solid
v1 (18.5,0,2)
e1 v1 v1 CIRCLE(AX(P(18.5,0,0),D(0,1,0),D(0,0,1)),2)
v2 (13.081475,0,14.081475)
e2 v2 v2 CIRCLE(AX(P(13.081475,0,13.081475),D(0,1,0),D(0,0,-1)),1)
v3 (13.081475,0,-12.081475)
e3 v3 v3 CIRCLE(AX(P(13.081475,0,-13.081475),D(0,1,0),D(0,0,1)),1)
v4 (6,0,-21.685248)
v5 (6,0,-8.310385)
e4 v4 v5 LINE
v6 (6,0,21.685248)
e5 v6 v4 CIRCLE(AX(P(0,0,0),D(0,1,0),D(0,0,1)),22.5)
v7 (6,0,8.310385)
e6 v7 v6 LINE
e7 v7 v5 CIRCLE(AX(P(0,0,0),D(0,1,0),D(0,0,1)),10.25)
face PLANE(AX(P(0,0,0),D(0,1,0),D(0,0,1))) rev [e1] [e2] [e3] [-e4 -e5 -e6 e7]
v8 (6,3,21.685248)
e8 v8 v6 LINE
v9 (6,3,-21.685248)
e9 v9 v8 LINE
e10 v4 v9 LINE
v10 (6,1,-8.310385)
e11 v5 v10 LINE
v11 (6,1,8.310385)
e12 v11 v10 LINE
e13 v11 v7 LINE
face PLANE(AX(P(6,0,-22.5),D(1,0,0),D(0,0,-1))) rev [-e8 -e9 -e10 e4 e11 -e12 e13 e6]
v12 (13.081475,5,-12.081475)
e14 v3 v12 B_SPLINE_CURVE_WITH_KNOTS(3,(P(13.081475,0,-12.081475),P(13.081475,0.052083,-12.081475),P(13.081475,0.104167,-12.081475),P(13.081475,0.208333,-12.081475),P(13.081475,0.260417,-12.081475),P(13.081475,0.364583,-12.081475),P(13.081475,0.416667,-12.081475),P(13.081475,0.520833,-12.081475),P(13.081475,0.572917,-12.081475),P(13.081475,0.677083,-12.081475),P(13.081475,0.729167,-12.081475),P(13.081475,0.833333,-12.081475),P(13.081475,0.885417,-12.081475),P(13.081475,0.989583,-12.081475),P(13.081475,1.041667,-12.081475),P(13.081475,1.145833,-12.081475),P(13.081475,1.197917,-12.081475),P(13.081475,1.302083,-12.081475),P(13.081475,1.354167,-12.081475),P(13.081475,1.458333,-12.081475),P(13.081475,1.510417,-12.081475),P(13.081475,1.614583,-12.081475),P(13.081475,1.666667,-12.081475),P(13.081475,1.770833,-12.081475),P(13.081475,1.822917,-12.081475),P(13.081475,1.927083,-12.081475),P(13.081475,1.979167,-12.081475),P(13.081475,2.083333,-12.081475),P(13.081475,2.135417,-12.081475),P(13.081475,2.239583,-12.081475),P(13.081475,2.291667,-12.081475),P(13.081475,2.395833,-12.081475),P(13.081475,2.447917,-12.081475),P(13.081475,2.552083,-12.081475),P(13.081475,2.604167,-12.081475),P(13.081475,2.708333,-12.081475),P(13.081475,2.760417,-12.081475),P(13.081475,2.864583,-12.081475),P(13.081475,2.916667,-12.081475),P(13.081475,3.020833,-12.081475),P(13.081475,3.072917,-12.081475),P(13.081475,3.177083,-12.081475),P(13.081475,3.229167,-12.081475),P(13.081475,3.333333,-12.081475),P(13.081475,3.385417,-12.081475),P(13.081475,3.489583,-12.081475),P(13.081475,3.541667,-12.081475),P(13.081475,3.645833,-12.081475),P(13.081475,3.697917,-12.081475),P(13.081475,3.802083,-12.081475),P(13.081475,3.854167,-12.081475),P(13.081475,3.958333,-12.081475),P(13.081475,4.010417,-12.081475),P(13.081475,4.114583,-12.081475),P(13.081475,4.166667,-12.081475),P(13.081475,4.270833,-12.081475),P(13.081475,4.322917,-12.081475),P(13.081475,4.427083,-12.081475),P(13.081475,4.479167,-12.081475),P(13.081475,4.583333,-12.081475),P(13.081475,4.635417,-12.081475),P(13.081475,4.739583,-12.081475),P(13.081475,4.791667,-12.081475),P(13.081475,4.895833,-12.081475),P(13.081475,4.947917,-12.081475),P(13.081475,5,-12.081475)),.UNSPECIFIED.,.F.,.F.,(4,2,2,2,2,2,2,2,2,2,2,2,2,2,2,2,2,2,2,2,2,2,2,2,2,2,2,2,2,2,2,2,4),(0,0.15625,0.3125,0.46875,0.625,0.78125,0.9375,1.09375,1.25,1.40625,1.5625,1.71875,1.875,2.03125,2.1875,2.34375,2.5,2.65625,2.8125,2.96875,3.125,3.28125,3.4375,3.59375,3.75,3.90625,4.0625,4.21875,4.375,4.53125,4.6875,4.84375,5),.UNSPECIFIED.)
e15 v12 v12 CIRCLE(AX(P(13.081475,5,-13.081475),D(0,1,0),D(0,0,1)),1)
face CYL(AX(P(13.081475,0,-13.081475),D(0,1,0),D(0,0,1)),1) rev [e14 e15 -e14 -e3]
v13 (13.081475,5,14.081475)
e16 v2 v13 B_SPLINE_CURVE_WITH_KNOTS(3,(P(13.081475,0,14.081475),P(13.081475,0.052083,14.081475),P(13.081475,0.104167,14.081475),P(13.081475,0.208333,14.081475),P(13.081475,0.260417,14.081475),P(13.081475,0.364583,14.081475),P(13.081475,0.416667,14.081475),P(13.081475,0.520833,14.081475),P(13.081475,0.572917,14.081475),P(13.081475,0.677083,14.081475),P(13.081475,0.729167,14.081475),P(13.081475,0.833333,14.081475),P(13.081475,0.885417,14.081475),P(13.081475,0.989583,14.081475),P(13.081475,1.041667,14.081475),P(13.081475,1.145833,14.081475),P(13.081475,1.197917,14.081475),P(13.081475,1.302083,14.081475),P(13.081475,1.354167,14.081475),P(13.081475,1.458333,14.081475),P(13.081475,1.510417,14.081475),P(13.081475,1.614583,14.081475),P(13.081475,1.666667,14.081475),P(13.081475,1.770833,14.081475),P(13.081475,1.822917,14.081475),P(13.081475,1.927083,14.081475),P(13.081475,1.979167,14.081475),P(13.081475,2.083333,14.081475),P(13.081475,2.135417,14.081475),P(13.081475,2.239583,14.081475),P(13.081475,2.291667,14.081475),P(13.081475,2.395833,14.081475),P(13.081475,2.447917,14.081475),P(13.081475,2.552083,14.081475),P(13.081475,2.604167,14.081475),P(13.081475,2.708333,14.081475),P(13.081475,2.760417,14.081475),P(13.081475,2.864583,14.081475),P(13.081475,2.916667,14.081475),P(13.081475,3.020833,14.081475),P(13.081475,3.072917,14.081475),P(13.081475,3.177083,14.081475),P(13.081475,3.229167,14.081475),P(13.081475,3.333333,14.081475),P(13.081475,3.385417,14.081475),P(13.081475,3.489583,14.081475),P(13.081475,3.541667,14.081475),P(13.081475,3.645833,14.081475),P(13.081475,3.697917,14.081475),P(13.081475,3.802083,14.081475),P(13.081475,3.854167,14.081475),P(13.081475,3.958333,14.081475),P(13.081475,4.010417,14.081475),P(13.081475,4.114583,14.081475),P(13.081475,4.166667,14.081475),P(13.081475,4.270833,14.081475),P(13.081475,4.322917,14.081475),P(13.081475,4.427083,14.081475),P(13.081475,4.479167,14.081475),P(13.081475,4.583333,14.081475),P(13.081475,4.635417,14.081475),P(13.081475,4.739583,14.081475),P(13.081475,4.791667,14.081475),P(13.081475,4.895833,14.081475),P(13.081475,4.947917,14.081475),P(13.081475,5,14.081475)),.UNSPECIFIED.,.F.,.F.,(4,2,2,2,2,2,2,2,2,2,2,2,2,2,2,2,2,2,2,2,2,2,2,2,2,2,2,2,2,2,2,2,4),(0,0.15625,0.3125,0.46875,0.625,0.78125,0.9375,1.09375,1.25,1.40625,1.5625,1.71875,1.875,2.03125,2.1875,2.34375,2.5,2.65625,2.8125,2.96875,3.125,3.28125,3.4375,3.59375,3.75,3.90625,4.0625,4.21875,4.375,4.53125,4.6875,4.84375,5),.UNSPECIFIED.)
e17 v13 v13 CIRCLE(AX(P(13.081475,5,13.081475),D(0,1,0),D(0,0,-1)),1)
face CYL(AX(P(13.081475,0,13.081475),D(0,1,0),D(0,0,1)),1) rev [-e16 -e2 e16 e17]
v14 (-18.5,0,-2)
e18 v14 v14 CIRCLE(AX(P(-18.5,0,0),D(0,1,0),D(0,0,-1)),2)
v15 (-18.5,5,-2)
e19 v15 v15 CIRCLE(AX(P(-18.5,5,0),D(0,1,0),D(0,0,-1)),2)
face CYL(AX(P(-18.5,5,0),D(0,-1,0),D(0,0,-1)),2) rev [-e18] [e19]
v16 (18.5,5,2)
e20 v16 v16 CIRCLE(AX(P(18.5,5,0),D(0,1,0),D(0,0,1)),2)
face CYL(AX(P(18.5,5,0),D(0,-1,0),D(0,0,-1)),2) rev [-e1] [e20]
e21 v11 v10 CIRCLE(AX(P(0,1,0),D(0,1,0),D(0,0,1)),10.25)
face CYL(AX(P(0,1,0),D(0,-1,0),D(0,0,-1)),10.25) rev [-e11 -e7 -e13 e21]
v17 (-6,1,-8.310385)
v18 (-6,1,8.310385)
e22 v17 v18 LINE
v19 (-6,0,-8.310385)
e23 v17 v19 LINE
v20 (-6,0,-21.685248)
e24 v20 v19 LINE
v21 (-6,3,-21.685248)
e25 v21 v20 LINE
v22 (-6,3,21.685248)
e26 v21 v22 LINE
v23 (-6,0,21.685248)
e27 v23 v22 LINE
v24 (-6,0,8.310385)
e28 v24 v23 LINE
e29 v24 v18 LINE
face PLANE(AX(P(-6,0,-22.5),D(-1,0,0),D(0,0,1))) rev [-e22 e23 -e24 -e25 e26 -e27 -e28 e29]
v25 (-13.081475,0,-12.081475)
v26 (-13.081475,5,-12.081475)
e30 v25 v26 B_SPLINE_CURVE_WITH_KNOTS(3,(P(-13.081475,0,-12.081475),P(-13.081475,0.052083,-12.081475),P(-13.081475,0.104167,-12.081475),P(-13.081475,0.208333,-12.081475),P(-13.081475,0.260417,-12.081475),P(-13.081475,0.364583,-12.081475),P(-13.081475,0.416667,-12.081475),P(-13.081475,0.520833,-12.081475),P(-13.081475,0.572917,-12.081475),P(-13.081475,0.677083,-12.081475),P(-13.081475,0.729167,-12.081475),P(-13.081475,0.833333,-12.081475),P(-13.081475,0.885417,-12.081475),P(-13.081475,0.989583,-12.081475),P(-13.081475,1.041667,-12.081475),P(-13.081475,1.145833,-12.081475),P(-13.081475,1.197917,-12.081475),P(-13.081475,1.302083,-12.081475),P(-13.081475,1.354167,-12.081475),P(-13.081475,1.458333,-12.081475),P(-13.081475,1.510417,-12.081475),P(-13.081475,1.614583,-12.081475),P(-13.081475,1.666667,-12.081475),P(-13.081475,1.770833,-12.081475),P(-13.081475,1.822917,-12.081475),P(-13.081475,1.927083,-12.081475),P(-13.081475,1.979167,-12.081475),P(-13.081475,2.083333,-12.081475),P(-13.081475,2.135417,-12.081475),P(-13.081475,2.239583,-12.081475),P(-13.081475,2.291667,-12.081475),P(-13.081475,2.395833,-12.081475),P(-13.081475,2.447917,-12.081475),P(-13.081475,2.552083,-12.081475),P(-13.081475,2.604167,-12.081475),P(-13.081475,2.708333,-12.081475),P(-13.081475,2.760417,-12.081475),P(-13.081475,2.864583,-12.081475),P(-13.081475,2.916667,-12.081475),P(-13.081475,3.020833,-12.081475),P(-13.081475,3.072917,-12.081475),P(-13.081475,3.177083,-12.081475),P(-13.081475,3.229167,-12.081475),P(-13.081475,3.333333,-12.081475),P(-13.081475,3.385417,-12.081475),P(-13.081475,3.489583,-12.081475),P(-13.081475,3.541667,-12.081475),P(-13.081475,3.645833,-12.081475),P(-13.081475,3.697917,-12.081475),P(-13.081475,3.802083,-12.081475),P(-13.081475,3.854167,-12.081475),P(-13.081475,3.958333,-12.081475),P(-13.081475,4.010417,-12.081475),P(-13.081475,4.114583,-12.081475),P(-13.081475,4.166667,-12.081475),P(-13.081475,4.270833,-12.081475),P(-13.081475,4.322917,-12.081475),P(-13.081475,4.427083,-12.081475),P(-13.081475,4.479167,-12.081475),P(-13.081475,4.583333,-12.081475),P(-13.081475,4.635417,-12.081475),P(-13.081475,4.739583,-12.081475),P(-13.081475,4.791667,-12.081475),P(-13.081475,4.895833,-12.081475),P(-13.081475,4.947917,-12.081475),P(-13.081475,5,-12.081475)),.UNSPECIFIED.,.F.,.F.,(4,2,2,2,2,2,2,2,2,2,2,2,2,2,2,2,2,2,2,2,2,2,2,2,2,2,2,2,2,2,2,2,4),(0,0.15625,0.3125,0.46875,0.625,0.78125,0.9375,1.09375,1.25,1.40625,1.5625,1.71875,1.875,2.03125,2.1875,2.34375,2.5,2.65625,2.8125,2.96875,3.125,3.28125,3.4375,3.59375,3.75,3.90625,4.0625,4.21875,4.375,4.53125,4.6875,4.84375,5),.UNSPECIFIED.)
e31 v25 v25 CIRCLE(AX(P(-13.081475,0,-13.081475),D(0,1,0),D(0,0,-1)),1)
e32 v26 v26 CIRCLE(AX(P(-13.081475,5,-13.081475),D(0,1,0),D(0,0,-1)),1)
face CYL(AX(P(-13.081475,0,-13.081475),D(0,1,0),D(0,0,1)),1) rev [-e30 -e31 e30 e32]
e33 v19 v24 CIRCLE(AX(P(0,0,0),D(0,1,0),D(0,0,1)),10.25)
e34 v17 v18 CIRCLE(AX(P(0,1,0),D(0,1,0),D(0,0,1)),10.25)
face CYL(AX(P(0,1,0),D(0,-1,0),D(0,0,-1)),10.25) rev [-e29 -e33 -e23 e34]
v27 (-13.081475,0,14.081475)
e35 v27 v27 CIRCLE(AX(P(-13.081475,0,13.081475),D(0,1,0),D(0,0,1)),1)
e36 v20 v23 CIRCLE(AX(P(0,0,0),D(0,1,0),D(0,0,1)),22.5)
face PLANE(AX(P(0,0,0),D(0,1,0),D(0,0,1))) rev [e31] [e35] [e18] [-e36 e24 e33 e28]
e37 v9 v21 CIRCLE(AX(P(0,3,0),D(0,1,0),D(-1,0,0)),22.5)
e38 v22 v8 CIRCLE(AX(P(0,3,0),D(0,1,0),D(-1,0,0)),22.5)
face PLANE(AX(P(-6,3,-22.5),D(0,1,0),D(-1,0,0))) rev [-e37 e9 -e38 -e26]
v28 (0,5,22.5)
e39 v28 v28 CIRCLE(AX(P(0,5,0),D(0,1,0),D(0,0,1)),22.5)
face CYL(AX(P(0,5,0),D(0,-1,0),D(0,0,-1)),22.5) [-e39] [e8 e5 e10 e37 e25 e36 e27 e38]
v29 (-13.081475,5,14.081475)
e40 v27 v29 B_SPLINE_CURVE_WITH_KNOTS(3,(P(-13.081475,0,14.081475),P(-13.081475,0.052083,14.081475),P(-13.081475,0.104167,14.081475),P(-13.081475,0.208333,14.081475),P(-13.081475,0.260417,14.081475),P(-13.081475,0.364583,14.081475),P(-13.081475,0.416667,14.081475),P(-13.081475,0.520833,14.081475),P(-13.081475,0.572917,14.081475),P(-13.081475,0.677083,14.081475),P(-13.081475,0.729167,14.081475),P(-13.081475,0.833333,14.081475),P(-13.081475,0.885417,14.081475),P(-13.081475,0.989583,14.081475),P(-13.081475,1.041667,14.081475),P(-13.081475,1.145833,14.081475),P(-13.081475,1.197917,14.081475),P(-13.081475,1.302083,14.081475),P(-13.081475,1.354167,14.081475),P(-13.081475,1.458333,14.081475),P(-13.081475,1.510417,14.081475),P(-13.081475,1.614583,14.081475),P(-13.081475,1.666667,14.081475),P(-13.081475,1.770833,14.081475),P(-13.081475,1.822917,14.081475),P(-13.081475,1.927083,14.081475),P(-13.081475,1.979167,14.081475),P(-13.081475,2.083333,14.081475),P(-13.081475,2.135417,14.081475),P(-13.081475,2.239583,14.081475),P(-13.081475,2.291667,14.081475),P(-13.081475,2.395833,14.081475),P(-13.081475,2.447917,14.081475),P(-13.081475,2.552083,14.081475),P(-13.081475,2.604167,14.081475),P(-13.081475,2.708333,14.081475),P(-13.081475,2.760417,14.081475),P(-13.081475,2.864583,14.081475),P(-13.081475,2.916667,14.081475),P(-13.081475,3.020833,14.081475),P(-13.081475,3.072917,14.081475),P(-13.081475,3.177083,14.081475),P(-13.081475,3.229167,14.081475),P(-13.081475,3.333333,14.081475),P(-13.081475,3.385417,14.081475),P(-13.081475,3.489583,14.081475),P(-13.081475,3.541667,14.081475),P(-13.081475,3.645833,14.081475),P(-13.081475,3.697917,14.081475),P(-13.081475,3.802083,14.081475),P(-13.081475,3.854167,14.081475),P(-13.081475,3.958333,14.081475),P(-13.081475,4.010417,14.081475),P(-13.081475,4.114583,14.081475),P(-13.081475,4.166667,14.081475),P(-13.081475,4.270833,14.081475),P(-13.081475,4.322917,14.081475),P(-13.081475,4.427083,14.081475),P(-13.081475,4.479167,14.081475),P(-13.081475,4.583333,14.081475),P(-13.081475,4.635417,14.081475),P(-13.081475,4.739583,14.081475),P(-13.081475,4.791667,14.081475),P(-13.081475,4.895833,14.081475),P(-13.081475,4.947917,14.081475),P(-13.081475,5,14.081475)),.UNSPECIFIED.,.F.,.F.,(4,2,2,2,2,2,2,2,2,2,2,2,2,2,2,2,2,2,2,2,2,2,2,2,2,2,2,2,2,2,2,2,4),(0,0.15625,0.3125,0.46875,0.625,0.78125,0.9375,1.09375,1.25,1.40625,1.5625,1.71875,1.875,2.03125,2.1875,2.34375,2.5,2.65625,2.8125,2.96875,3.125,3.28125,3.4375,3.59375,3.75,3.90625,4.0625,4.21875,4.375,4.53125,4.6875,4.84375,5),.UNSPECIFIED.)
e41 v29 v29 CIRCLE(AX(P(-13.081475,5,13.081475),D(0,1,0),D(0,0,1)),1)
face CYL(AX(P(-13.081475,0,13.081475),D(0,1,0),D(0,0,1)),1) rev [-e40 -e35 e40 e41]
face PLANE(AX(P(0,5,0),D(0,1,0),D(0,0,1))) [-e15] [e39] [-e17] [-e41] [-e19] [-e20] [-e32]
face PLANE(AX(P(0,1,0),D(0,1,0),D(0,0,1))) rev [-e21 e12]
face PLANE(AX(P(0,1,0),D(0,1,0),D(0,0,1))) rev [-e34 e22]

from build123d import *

# Parameters (mm, degrees)
SKETCH_1_R               = 22.5
SKETCH_1_R_2             = 2
EXTRUDE_1_DEPTH          = 5
SKETCH_2_R               = 10.25
CUT_EXTRUDE_1_DEPTH      = 1
CUT_EXTRUDE_2_DEPTH      = 33.210246817
CUT_EXTRUDE_2_DEPTH_BACK = 33.210246817
SKETCH_3_W               = 12
SKETCH_3_H               = 3
SKETCH_4_R               = 1
CUT_EXTRUDE_3_DEPTH      = 33.210246817


with BuildPart() as part:
    # 草图1 → 凸台-拉伸1 (new body)
    with BuildSketch(Plane(origin=(0, 0, 0), x_dir=(1, 0, 0), z_dir=(0, 1, 0))):
        with Locations(Location((0, 0, 0), (0, 0, 270))):
            Circle(SKETCH_1_R)
        with Locations(Location((18.5, 0, 0), (0, 0, 270))):
            Circle(SKETCH_1_R_2, mode=Mode.SUBTRACT)
        with Locations(Location((-18.5, 0, 0), (0, 0, 90))):
            Circle(SKETCH_1_R_2, mode=Mode.SUBTRACT)
    extrude(amount=EXTRUDE_1_DEPTH)

    # 草图2 → 切除-拉伸1 (cut)
    with BuildSketch(Plane(origin=(0, 0, 0), x_dir=(1, 0, 0), z_dir=(0, 1, 0))):
        with Locations(Location((0, 0, 0), (0, 0, 270))):
            Circle(SKETCH_2_R)
    extrude(amount=CUT_EXTRUDE_1_DEPTH, mode=Mode.SUBTRACT)

    # 草图3 → 切除-拉伸2 (cut, two sides: drawn at the far end of the back side and taken through both)
    with BuildSketch(Plane.XY.offset(-CUT_EXTRUDE_2_DEPTH_BACK)):
        with Locations((0, 1.5)):
            Rectangle(SKETCH_3_W, SKETCH_3_H)
    extrude(amount=CUT_EXTRUDE_2_DEPTH + CUT_EXTRUDE_2_DEPTH_BACK, mode=Mode.SUBTRACT)

    # 草图4 → 切除-拉伸3 (cut, through all)
    with BuildSketch(Plane(origin=(0, 5, 0), x_dir=(1, 0, 0), z_dir=(0, 1, 0))):
        with Locations(Location((13.081475452, 13.081475452, 0), (0, 0, 270))):
            Circle(SKETCH_4_R)
        with Locations(Location((13.081475452, -13.081475452, 0), (0, 0, 270))):
            Circle(SKETCH_4_R)
        with Locations(Location((-13.081475452, 13.081475452, 0), (0, 0, 270))):
            Circle(SKETCH_4_R)
        with Locations(Location((-13.081475452, -13.081475452, 0), (0, 0, 270))):
            Circle(SKETCH_4_R)
    extrude(amount=-CUT_EXTRUDE_3_DEPTH, mode=Mode.SUBTRACT)


solid = part.part
